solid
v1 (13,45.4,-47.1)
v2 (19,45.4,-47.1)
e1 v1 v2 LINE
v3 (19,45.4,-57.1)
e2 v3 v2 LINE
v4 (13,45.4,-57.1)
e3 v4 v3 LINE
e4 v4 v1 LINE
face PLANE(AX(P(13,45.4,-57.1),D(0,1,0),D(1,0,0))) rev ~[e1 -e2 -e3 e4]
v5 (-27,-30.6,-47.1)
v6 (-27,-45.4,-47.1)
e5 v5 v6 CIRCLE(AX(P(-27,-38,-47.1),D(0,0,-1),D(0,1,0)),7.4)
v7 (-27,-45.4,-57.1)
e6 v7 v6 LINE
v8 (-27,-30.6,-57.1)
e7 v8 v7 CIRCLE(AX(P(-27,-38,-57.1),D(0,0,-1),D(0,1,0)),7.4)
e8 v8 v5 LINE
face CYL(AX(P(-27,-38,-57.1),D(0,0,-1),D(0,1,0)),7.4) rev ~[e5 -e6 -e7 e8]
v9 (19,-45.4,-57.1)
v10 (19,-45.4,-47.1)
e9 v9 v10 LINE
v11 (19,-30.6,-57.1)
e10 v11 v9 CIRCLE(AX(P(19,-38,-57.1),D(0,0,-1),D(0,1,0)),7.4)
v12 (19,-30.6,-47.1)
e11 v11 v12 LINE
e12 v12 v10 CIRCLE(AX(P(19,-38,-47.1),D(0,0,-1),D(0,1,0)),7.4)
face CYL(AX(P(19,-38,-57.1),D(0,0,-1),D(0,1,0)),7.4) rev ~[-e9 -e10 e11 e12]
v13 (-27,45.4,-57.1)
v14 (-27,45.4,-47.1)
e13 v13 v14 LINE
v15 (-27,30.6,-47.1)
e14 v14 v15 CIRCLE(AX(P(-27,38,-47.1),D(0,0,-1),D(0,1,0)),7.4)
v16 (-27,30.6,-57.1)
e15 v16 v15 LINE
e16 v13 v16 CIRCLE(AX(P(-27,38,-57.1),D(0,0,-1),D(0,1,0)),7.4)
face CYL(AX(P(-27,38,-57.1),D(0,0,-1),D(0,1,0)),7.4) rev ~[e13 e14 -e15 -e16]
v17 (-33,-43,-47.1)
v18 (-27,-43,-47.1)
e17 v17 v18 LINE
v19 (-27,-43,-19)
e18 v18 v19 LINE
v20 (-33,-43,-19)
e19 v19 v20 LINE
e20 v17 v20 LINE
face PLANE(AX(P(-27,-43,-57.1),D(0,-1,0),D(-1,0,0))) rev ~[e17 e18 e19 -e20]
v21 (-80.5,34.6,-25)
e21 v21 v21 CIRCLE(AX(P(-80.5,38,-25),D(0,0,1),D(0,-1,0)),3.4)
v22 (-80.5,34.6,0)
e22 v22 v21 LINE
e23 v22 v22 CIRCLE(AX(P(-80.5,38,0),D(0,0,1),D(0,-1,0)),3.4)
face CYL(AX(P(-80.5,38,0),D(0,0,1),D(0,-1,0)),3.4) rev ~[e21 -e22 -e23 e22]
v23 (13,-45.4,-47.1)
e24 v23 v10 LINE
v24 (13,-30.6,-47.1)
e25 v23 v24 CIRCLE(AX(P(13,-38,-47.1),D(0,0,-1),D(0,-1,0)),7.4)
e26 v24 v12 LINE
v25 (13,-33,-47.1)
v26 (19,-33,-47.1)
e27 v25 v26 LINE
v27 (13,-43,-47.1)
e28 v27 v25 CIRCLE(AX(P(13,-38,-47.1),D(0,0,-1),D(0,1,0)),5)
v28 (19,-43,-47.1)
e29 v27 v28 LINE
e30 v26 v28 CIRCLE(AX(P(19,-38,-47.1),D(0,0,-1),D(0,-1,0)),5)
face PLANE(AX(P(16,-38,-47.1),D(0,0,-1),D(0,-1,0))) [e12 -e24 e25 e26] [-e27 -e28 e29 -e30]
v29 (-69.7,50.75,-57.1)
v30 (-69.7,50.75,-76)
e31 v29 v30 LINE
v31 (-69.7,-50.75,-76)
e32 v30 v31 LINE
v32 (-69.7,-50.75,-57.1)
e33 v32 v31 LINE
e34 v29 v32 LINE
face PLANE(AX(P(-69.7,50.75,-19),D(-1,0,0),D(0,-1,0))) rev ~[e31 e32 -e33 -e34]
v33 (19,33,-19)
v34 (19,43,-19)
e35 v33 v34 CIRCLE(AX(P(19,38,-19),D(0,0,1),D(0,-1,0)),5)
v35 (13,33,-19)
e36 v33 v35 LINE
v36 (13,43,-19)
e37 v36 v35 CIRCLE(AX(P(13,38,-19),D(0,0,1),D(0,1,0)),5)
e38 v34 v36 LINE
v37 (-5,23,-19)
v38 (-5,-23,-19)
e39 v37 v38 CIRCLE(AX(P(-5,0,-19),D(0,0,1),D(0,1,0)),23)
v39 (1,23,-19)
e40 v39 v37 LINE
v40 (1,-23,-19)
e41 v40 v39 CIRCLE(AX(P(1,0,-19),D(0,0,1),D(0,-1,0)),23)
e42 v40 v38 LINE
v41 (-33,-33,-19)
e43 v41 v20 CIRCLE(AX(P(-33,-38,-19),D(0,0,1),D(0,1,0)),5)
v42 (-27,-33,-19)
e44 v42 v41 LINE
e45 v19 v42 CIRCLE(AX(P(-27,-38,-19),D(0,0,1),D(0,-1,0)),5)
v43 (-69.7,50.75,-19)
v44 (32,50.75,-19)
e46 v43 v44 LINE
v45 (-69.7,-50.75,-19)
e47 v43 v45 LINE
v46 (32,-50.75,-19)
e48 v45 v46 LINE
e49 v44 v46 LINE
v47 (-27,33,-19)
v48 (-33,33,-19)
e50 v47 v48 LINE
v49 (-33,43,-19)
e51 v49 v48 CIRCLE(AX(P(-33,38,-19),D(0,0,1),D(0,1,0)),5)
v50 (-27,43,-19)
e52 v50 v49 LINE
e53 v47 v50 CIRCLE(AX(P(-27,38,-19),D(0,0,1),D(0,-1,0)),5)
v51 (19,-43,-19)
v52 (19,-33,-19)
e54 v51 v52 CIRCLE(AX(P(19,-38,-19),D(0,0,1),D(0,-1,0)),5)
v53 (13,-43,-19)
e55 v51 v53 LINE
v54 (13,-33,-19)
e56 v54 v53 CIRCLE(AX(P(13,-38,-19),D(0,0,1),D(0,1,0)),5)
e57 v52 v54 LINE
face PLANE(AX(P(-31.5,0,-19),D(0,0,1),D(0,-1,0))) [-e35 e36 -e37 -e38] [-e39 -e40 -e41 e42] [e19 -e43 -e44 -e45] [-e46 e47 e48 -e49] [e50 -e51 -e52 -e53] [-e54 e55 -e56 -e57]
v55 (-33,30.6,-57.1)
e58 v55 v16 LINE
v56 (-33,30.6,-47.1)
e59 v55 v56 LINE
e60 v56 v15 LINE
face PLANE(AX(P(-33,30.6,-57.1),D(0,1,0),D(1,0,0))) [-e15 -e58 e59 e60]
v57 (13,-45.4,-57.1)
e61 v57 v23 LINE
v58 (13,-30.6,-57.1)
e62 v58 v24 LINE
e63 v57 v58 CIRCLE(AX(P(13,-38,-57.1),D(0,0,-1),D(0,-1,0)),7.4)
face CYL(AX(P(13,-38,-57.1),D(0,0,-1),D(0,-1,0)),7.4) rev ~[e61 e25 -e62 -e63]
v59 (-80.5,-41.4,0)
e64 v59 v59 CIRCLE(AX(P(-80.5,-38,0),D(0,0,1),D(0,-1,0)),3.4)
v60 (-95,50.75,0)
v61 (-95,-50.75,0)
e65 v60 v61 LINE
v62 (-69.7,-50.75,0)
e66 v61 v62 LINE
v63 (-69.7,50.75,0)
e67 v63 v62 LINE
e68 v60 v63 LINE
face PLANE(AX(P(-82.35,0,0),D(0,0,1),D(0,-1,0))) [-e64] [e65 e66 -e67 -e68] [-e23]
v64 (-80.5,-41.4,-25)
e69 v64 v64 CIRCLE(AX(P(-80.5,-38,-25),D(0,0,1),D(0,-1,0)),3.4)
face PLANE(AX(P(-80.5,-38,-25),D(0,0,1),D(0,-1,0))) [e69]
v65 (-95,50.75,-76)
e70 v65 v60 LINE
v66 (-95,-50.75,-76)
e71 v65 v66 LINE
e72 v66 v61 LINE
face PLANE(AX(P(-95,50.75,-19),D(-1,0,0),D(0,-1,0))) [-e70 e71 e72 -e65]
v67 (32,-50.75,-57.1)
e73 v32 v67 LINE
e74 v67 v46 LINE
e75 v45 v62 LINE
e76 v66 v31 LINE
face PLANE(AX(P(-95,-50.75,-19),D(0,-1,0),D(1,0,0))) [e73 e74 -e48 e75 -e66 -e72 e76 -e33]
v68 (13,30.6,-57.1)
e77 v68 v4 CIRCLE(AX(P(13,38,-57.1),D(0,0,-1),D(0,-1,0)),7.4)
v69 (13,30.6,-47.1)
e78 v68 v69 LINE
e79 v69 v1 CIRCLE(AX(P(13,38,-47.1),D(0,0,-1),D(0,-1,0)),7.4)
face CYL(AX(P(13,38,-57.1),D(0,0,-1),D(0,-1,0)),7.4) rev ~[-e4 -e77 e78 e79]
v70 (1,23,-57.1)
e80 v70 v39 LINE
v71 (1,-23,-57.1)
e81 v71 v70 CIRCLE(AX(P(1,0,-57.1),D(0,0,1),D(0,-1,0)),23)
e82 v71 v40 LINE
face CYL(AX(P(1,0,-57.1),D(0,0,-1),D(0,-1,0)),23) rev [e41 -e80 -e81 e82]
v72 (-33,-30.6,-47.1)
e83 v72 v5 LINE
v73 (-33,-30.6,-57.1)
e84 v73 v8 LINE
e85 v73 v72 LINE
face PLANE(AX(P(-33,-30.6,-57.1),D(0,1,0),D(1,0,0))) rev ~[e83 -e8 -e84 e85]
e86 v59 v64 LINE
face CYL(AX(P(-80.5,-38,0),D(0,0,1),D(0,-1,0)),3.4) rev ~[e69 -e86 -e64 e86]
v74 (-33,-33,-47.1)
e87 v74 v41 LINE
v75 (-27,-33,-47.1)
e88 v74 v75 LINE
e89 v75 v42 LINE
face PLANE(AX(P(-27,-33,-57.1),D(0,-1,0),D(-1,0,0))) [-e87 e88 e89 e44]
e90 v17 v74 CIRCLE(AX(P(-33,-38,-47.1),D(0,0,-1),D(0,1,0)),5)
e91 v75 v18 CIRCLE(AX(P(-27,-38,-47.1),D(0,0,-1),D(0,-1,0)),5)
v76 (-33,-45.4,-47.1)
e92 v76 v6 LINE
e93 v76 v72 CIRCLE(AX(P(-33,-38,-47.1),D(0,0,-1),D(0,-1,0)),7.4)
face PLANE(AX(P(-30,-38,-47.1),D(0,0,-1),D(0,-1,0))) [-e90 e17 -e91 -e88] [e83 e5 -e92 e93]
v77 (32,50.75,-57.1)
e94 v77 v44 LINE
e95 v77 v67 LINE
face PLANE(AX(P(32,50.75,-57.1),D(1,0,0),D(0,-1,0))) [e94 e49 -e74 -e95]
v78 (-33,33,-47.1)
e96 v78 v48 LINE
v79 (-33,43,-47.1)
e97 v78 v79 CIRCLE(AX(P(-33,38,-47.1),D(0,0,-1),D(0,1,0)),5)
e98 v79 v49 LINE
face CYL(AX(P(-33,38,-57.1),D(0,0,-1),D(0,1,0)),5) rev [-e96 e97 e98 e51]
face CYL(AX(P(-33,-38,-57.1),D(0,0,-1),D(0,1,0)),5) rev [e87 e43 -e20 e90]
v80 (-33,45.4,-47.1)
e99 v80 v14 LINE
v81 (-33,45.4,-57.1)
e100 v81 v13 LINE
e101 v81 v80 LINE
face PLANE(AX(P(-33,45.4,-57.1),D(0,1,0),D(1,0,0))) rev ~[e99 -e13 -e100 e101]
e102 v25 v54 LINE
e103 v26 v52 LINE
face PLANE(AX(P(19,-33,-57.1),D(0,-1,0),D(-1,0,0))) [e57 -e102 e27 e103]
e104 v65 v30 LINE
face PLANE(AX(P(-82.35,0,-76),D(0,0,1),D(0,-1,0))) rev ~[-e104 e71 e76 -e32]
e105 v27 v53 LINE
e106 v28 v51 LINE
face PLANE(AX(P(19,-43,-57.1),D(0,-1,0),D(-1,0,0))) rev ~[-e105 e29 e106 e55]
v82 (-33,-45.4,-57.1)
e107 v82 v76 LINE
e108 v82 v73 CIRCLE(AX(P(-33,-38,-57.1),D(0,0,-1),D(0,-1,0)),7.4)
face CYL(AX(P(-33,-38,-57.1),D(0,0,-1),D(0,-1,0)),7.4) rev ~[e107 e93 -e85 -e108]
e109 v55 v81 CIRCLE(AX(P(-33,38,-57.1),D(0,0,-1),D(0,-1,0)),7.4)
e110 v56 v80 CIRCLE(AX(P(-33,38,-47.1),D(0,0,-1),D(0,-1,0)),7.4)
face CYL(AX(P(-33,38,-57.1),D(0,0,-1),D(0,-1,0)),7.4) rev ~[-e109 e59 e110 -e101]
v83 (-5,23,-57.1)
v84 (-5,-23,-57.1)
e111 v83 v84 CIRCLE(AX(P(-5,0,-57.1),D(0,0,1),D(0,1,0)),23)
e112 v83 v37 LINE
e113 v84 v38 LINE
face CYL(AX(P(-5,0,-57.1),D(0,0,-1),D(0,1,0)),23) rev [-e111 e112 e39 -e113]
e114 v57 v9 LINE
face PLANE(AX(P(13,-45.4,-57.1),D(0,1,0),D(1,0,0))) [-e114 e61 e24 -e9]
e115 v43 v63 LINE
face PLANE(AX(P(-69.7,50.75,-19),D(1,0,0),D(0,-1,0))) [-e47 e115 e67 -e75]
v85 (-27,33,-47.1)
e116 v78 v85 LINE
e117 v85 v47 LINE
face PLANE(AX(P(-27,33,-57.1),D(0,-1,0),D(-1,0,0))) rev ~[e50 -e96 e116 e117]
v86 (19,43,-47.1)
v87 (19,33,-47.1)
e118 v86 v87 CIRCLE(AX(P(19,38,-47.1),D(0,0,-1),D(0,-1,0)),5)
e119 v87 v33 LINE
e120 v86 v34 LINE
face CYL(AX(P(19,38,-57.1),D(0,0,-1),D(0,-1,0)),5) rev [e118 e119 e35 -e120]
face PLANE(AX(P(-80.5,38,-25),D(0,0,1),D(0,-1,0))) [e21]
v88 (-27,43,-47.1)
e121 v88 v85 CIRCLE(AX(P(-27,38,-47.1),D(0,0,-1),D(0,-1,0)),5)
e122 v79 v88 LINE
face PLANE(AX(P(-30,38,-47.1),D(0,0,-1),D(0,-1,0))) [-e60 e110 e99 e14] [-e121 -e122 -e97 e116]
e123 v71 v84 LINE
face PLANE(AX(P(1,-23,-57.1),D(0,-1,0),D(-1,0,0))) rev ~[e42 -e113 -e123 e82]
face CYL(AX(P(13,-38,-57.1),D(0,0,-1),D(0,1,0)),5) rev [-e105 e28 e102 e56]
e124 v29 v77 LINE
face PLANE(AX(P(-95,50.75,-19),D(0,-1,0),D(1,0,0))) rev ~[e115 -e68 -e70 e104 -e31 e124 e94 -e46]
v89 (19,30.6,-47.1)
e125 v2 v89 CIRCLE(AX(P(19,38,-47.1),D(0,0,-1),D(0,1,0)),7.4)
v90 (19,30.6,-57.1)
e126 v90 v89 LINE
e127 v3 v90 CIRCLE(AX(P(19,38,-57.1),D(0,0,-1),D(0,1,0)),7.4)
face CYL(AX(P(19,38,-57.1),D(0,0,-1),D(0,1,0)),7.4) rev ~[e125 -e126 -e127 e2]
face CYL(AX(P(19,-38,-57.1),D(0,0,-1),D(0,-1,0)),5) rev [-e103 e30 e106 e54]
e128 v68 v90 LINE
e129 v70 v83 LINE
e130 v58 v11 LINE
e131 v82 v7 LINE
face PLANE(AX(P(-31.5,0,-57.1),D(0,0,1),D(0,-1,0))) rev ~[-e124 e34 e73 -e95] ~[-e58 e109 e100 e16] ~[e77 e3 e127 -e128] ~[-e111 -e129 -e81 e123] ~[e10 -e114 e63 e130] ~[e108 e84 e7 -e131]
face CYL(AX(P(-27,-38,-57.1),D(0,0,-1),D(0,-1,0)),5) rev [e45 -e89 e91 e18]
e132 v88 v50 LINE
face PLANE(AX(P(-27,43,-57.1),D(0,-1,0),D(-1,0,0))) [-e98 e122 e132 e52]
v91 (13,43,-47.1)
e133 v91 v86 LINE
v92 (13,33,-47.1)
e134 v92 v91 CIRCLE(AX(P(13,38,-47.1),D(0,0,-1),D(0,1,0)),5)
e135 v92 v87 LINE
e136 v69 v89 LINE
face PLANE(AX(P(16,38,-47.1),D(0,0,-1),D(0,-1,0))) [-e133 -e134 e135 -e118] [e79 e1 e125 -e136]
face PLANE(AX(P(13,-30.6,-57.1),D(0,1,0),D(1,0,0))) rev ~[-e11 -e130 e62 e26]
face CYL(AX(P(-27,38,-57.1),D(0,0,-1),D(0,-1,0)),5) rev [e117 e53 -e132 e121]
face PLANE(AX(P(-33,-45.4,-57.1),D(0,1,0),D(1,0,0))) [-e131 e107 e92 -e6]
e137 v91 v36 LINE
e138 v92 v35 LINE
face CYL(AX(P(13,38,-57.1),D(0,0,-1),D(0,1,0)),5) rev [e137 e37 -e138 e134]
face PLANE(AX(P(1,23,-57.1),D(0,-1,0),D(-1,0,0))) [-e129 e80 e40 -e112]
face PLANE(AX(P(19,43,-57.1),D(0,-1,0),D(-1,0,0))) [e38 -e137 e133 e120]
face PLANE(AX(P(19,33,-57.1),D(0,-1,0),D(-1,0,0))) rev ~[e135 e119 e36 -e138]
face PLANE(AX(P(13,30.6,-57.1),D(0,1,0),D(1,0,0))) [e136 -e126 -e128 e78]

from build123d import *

# Parameters (mm, degrees)
SKETCH_W                 = 101.5
SKETCH_H                 = 127
PAD_DEPTH                = 38.1
SKETCH001_W              = 101.5
SKETCH001_H              = 25.3
PAD001_DEPTH             = 19
PAD001_DEPTH_BACK        = 57
SKETCH002_R              = 3.4
POCKET_DEPTH             = 25
POCKET001_DEPTH          = 10
CLONE001_PLACEMENT_ANGLE = -90


with BuildPart() as part:
    # Sketch → Pad (new body)
    with BuildSketch(Plane.XY):
        with Locations((0, -31.5)):
            Rectangle(SKETCH_W, SKETCH_H)
        with BuildLine():
            ThreePointArc((23, 1), (0, 24), (-23, 1))
            Line((-23, 1), (-23, -5))
            ThreePointArc((-23, -5), (0, -28), (23, -5))
            Line((23, 1), (23, -5))
        make_face(mode=Mode.SUBTRACT)
        with BuildLine():
            ThreePointArc((-33, 19), (-38, 24), (-43, 19))
            Line((-43, 19), (-43, 13))
            ThreePointArc((-43, 13), (-38, 8), (-33, 13))
            Line((-33, 19), (-33, 13))
        make_face(mode=Mode.SUBTRACT)
        with BuildLine():
            ThreePointArc((43, 19), (38, 24), (33, 19))
            Line((33, 19), (33, 13))
            ThreePointArc((33, 13), (38, 8), (43, 13))
            Line((43, 19), (43, 13))
        make_face(mode=Mode.SUBTRACT)
        with BuildLine():
            ThreePointArc((43, -27), (38, -22), (33, -27))
            Line((33, -27), (33, -33))
            ThreePointArc((33, -33), (38, -38), (43, -33))
            Line((43, -27), (43, -33))
        make_face(mode=Mode.SUBTRACT)
        with BuildLine():
            ThreePointArc((-33, -27), (-38, -22), (-43, -27))
            Line((-43, -27), (-43, -33))
            ThreePointArc((-43, -33), (-38, -38), (-33, -33))
            Line((-33, -27), (-33, -33))
        make_face(mode=Mode.SUBTRACT)
    extrude(amount=PAD_DEPTH)

    # Sketch001 (on Face26 of Pad) → Pad001 (join, two sides)
    with BuildSketch(Plane.XY.offset(38.1)) as pad001_sk:
        with Locations((0, -82.35)):
            Rectangle(SKETCH001_W, SKETCH001_H)
    extrude(amount=PAD001_DEPTH)
    extrude(pad001_sk.sketch, amount=-PAD001_DEPTH_BACK)

    # Sketch002 (on Face36 of Pad001) → Pocket (cut)
    with BuildSketch(Plane.XY.offset(57.1)):
        with Locations((-38, -80.5)):
            Circle(SKETCH002_R)
        with Locations((38, -80.5)):
            Circle(SKETCH002_R)
    extrude(amount=-POCKET_DEPTH, mode=Mode.SUBTRACT)

    # Sketch003 (on Face4 of Pocket) → Pocket001 (cut)
    with BuildSketch(Plane(origin=(0, 0, 0), x_dir=(1, 0, 0), z_dir=(0, 0, -1))):
        with BuildLine():
            ThreePointArc((-30.6, 33), (-38, 40.4), (-45.4, 33))
            Line((-45.4, 33), (-45.4, 27))
            ThreePointArc((-45.4, 27), (-38, 19.6), (-30.6, 27))
            Line((-30.6, 33), (-30.6, 27))
        make_face()
        with BuildLine():
            ThreePointArc((45.4, 33), (38, 40.4), (30.6, 33))
            Line((30.6, 33), (30.6, 27))
            ThreePointArc((30.6, 27), (38, 19.6), (45.4, 27))
            Line((45.4, 33), (45.4, 27))
        make_face()
        with BuildLine():
            ThreePointArc((45.4, -13), (38, -5.6), (30.6, -13))
            Line((30.6, -13), (30.6, -19))
            ThreePointArc((30.6, -19), (38, -26.4), (45.4, -19))
            Line((45.4, -13), (45.4, -19))
        make_face()
        with BuildLine():
            ThreePointArc((-30.6, -13), (-38, -5.6), (-45.4, -13))
            Line((-45.4, -13), (-45.4, -19))
            ThreePointArc((-45.4, -19), (-38, -26.4), (-30.6, -19))
            Line((-30.6, -13), (-30.6, -19))
        make_face()
    extrude(amount=-POCKET001_DEPTH, mode=Mode.SUBTRACT)


with BuildPart() as part_1:
    # Clone001 placement: moved
    add(part.part.moved(Location((0, 0, -57.1))).rotate(Axis((0, 0, -57.1), (0, 0, 1)), CLONE001_PLACEMENT_ANGLE))


solid = part_1.part
